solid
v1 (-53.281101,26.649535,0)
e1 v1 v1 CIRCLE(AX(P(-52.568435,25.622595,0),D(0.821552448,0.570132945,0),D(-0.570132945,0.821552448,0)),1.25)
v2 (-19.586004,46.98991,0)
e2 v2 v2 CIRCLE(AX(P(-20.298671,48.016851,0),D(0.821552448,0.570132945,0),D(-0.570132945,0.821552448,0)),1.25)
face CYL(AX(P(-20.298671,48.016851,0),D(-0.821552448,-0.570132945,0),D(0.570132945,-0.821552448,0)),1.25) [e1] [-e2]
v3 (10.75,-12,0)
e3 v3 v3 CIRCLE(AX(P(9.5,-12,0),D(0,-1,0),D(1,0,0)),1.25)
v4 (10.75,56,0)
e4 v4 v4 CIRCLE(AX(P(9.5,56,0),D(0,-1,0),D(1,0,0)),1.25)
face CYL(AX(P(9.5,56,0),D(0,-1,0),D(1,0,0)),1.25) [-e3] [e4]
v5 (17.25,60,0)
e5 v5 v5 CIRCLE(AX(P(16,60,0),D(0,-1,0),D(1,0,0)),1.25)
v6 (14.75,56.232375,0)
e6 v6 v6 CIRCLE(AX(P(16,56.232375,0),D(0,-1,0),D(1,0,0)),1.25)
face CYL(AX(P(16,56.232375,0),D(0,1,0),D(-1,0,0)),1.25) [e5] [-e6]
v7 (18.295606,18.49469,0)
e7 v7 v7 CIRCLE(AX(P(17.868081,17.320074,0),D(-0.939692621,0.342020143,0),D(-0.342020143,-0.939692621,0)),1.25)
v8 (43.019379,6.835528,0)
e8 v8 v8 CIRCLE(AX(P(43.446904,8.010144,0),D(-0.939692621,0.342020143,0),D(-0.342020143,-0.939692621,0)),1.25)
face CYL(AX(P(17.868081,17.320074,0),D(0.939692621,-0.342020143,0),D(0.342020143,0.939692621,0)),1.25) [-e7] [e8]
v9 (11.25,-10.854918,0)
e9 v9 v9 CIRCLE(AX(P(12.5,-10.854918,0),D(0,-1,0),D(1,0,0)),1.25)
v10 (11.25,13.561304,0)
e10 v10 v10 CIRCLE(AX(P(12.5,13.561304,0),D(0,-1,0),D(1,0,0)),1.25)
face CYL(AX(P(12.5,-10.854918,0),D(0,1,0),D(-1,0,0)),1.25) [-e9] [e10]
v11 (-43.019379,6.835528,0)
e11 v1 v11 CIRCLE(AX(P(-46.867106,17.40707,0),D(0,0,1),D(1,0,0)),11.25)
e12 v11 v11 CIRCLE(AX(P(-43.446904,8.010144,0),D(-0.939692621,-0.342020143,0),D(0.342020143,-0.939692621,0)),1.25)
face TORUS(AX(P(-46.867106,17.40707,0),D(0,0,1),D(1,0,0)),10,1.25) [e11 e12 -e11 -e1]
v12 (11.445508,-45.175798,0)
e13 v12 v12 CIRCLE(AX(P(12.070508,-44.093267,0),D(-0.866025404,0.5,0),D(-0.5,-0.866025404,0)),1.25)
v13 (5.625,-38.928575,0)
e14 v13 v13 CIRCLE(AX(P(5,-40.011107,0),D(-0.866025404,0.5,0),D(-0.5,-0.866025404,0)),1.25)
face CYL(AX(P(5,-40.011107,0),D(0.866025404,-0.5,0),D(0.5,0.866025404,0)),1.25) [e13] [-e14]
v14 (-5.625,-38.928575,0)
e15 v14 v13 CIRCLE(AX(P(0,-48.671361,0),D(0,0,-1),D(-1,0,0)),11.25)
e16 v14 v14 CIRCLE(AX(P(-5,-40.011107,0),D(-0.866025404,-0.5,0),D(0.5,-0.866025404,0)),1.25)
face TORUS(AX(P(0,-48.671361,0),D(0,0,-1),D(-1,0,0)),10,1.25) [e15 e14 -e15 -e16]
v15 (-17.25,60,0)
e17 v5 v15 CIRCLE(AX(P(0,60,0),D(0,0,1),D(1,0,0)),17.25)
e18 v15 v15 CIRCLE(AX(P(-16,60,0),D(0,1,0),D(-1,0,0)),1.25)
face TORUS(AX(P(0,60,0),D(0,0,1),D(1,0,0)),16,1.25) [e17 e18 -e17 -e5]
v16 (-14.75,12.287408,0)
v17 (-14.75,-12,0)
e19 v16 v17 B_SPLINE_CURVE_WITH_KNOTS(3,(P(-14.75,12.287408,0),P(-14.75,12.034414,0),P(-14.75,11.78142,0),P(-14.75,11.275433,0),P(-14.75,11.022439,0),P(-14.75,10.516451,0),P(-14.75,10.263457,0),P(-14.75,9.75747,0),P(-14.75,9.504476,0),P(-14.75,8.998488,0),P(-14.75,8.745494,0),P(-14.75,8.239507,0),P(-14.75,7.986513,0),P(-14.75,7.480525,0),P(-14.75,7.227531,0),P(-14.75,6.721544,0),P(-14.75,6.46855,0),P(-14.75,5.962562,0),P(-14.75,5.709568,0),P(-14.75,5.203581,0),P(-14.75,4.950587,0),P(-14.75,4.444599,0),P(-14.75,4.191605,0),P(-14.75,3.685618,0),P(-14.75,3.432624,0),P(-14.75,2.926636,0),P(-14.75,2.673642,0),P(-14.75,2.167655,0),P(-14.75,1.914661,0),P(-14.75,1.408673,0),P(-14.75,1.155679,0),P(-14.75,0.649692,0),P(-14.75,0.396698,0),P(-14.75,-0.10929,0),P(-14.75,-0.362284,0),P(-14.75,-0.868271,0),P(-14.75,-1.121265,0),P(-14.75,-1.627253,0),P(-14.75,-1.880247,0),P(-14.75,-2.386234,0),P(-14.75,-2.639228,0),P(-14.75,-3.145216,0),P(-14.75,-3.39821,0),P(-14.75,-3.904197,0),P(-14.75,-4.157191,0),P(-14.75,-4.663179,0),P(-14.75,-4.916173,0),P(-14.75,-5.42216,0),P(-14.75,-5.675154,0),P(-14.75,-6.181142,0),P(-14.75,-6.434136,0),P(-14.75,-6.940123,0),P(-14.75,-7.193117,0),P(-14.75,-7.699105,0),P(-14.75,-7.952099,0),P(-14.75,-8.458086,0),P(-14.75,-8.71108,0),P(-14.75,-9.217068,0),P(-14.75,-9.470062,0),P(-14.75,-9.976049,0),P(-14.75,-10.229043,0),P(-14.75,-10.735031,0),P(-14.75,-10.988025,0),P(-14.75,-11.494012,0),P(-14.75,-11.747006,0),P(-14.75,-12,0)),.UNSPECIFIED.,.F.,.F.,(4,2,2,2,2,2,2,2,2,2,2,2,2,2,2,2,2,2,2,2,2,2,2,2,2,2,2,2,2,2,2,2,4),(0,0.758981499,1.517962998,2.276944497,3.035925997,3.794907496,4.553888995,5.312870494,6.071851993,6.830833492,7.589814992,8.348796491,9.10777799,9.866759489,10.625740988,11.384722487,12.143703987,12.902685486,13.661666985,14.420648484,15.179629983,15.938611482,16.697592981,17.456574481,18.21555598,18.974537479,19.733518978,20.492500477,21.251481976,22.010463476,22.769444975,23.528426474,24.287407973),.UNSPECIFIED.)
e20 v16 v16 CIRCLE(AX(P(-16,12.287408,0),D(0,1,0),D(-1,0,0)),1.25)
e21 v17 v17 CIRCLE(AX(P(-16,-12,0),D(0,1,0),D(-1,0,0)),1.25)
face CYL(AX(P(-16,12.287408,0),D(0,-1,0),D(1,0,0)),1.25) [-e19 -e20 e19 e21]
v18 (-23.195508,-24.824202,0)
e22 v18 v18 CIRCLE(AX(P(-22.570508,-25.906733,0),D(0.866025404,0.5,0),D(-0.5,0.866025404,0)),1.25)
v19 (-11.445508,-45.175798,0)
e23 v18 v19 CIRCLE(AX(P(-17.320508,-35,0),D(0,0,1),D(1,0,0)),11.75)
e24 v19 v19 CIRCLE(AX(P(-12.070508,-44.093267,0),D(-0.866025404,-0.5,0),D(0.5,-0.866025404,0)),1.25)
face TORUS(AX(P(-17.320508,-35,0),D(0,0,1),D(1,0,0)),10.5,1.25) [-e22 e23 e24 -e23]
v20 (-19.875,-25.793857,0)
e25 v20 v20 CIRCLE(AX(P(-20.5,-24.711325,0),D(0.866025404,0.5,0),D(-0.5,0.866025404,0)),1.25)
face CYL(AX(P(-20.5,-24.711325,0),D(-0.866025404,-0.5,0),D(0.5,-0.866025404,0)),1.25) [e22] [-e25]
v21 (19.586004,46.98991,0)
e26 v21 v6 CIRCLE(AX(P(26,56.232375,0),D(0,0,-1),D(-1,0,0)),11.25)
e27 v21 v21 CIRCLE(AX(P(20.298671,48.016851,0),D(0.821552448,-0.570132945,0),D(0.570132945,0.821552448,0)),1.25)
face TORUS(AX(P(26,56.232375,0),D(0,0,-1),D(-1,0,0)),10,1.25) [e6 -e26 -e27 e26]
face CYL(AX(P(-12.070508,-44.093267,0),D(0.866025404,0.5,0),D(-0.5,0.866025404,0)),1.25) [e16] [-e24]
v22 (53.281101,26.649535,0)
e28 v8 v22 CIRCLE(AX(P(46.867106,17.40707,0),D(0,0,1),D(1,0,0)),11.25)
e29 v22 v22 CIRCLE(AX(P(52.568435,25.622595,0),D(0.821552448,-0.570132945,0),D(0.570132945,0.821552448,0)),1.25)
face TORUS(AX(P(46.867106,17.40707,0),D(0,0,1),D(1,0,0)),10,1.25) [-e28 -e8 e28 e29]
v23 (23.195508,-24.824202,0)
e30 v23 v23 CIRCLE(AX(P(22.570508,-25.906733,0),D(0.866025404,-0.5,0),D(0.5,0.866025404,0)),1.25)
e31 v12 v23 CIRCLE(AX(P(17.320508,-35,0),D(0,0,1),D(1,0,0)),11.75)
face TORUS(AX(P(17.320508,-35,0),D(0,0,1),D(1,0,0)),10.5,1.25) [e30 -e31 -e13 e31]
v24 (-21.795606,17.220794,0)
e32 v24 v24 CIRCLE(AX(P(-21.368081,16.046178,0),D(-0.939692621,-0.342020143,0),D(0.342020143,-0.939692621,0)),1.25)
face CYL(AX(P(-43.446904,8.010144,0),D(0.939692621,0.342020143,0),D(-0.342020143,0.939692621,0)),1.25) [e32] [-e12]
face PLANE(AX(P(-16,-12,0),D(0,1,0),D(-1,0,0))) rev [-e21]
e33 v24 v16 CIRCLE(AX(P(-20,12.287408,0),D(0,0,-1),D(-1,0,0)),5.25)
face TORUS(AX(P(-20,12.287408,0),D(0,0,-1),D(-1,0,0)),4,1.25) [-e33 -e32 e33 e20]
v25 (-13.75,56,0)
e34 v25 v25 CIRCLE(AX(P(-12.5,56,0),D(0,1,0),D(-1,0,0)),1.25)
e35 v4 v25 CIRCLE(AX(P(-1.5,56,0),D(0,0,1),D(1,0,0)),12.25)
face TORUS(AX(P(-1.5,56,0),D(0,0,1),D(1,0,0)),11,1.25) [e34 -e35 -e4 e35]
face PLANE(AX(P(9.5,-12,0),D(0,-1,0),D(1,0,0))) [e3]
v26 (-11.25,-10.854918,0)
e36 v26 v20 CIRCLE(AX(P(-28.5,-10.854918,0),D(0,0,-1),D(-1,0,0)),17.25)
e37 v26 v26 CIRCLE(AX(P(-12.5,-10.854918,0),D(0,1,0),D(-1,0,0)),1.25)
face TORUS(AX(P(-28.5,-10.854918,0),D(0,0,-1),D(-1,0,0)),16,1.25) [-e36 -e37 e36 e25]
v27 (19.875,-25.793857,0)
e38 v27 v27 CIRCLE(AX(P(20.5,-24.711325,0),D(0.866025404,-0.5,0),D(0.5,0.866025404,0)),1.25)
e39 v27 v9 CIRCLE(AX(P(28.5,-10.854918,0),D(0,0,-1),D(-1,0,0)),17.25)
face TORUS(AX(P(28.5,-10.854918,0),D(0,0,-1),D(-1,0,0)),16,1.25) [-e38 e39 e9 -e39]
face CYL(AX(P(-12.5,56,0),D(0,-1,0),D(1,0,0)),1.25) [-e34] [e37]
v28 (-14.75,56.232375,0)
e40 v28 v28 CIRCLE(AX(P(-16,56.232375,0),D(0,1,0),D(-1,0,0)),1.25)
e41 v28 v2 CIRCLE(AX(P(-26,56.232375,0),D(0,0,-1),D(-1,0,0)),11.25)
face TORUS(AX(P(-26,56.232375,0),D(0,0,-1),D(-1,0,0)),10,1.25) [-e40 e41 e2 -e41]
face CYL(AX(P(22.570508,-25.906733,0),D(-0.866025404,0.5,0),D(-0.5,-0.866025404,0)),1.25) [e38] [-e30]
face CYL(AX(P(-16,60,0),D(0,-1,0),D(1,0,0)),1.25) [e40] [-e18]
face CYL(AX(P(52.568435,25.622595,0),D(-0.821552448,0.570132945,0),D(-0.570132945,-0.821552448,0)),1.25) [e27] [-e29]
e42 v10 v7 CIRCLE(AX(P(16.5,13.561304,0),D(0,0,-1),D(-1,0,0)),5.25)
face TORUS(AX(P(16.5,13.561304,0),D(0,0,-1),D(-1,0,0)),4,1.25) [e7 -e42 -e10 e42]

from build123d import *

# Parameters (mm, degrees)
SKETCH_3_R = 1.25


with BuildPart() as part:
    # По траектории1: sweep along a path in Эскиз2
    with BuildLine(Plane.XY) as sweep_1_path:
        Line((-16, -12), (-16, 12.287407973))
        ThreePointArc((-16, 12.287407973), (-17.705694255, 15.56401615), (-21.368080573, 16.046178456))
        Line((-21.368080573, 16.046178456), (-43.446904203, 8.010143847))
        ThreePointArc((-43.446904203, 8.010143847), (-55.746885537, 12.808210531), (-52.568435085, 25.622594537))
        Line((-52.568435085, 25.622594537), (-20.298670551, 48.016850591))
        ThreePointArc((-20.298670551, 48.016850591), (-17.139602309, 51.596282671), (-16, 56.232375073))
        Line((-16, 56.232375073), (-16, 60))
        ThreePointArc((-16, 60), (0, 76), (16, 60))
        Line((16, 60), (16, 56.232375073))
        ThreePointArc((16, 56.232375073), (17.139602309, 51.596282671), (20.298670551, 48.016850591))
        Line((20.298670551, 48.016850591), (52.568435085, 25.622594537))
        ThreePointArc((52.568435085, 25.622594537), (55.746885537, 12.808210531), (43.446904203, 8.010143847))
        Line((43.446904203, 8.010143847), (17.868080573, 17.320074276))
        ThreePointArc((17.868080573, 17.320074276), (14.205694255, 16.83791197), (12.5, 13.561303793))
        Line((12.5, 13.561303793), (12.5, -10.854918405))
        ThreePointArc((12.5, -10.854918405), (14.643593539, -18.854918405), (20.5, -24.711324865))
        Line((20.5, -24.711324865), (22.570508076, -25.90673326))
        ThreePointArc((22.570508076, -25.90673326), (26.413774815, -40.25), (12.070508076, -44.09326674))
        Line((12.070508076, -44.09326674), (5, -40.011106999))
        ThreePointArc((5, -40.011106999), (0, -38.671361037), (-5, -40.011106999))
        Line((-5, -40.011106999), (-12.070508076, -44.09326674))
        ThreePointArc((-12.070508076, -44.09326674), (-26.413774815, -40.25), (-22.570508076, -25.90673326))
        Line((-22.570508076, -25.90673326), (-20.5, -24.711324865))
        ThreePointArc((-20.5, -24.711324865), (-14.643593539, -18.854918405), (-12.5, -10.854918405))
        Line((-12.5, -10.854918405), (-12.5, 25))
        Line((-12.5, 25), (-12.5, 56))
        ThreePointArc((-12.5, 56), (-1.5, 67), (9.5, 56))
        Line((9.5, 56), (9.5, -12))
    # Эскиз3 → По траектории1 (sweep)
    with BuildSketch(Plane(origin=(9.5, -12, 0), x_dir=(-1, 0, 0), z_dir=(0, -1, 0))):
        Circle(SKETCH_3_R)
    sweep(path=sweep_1_path.line)


solid = part.part
